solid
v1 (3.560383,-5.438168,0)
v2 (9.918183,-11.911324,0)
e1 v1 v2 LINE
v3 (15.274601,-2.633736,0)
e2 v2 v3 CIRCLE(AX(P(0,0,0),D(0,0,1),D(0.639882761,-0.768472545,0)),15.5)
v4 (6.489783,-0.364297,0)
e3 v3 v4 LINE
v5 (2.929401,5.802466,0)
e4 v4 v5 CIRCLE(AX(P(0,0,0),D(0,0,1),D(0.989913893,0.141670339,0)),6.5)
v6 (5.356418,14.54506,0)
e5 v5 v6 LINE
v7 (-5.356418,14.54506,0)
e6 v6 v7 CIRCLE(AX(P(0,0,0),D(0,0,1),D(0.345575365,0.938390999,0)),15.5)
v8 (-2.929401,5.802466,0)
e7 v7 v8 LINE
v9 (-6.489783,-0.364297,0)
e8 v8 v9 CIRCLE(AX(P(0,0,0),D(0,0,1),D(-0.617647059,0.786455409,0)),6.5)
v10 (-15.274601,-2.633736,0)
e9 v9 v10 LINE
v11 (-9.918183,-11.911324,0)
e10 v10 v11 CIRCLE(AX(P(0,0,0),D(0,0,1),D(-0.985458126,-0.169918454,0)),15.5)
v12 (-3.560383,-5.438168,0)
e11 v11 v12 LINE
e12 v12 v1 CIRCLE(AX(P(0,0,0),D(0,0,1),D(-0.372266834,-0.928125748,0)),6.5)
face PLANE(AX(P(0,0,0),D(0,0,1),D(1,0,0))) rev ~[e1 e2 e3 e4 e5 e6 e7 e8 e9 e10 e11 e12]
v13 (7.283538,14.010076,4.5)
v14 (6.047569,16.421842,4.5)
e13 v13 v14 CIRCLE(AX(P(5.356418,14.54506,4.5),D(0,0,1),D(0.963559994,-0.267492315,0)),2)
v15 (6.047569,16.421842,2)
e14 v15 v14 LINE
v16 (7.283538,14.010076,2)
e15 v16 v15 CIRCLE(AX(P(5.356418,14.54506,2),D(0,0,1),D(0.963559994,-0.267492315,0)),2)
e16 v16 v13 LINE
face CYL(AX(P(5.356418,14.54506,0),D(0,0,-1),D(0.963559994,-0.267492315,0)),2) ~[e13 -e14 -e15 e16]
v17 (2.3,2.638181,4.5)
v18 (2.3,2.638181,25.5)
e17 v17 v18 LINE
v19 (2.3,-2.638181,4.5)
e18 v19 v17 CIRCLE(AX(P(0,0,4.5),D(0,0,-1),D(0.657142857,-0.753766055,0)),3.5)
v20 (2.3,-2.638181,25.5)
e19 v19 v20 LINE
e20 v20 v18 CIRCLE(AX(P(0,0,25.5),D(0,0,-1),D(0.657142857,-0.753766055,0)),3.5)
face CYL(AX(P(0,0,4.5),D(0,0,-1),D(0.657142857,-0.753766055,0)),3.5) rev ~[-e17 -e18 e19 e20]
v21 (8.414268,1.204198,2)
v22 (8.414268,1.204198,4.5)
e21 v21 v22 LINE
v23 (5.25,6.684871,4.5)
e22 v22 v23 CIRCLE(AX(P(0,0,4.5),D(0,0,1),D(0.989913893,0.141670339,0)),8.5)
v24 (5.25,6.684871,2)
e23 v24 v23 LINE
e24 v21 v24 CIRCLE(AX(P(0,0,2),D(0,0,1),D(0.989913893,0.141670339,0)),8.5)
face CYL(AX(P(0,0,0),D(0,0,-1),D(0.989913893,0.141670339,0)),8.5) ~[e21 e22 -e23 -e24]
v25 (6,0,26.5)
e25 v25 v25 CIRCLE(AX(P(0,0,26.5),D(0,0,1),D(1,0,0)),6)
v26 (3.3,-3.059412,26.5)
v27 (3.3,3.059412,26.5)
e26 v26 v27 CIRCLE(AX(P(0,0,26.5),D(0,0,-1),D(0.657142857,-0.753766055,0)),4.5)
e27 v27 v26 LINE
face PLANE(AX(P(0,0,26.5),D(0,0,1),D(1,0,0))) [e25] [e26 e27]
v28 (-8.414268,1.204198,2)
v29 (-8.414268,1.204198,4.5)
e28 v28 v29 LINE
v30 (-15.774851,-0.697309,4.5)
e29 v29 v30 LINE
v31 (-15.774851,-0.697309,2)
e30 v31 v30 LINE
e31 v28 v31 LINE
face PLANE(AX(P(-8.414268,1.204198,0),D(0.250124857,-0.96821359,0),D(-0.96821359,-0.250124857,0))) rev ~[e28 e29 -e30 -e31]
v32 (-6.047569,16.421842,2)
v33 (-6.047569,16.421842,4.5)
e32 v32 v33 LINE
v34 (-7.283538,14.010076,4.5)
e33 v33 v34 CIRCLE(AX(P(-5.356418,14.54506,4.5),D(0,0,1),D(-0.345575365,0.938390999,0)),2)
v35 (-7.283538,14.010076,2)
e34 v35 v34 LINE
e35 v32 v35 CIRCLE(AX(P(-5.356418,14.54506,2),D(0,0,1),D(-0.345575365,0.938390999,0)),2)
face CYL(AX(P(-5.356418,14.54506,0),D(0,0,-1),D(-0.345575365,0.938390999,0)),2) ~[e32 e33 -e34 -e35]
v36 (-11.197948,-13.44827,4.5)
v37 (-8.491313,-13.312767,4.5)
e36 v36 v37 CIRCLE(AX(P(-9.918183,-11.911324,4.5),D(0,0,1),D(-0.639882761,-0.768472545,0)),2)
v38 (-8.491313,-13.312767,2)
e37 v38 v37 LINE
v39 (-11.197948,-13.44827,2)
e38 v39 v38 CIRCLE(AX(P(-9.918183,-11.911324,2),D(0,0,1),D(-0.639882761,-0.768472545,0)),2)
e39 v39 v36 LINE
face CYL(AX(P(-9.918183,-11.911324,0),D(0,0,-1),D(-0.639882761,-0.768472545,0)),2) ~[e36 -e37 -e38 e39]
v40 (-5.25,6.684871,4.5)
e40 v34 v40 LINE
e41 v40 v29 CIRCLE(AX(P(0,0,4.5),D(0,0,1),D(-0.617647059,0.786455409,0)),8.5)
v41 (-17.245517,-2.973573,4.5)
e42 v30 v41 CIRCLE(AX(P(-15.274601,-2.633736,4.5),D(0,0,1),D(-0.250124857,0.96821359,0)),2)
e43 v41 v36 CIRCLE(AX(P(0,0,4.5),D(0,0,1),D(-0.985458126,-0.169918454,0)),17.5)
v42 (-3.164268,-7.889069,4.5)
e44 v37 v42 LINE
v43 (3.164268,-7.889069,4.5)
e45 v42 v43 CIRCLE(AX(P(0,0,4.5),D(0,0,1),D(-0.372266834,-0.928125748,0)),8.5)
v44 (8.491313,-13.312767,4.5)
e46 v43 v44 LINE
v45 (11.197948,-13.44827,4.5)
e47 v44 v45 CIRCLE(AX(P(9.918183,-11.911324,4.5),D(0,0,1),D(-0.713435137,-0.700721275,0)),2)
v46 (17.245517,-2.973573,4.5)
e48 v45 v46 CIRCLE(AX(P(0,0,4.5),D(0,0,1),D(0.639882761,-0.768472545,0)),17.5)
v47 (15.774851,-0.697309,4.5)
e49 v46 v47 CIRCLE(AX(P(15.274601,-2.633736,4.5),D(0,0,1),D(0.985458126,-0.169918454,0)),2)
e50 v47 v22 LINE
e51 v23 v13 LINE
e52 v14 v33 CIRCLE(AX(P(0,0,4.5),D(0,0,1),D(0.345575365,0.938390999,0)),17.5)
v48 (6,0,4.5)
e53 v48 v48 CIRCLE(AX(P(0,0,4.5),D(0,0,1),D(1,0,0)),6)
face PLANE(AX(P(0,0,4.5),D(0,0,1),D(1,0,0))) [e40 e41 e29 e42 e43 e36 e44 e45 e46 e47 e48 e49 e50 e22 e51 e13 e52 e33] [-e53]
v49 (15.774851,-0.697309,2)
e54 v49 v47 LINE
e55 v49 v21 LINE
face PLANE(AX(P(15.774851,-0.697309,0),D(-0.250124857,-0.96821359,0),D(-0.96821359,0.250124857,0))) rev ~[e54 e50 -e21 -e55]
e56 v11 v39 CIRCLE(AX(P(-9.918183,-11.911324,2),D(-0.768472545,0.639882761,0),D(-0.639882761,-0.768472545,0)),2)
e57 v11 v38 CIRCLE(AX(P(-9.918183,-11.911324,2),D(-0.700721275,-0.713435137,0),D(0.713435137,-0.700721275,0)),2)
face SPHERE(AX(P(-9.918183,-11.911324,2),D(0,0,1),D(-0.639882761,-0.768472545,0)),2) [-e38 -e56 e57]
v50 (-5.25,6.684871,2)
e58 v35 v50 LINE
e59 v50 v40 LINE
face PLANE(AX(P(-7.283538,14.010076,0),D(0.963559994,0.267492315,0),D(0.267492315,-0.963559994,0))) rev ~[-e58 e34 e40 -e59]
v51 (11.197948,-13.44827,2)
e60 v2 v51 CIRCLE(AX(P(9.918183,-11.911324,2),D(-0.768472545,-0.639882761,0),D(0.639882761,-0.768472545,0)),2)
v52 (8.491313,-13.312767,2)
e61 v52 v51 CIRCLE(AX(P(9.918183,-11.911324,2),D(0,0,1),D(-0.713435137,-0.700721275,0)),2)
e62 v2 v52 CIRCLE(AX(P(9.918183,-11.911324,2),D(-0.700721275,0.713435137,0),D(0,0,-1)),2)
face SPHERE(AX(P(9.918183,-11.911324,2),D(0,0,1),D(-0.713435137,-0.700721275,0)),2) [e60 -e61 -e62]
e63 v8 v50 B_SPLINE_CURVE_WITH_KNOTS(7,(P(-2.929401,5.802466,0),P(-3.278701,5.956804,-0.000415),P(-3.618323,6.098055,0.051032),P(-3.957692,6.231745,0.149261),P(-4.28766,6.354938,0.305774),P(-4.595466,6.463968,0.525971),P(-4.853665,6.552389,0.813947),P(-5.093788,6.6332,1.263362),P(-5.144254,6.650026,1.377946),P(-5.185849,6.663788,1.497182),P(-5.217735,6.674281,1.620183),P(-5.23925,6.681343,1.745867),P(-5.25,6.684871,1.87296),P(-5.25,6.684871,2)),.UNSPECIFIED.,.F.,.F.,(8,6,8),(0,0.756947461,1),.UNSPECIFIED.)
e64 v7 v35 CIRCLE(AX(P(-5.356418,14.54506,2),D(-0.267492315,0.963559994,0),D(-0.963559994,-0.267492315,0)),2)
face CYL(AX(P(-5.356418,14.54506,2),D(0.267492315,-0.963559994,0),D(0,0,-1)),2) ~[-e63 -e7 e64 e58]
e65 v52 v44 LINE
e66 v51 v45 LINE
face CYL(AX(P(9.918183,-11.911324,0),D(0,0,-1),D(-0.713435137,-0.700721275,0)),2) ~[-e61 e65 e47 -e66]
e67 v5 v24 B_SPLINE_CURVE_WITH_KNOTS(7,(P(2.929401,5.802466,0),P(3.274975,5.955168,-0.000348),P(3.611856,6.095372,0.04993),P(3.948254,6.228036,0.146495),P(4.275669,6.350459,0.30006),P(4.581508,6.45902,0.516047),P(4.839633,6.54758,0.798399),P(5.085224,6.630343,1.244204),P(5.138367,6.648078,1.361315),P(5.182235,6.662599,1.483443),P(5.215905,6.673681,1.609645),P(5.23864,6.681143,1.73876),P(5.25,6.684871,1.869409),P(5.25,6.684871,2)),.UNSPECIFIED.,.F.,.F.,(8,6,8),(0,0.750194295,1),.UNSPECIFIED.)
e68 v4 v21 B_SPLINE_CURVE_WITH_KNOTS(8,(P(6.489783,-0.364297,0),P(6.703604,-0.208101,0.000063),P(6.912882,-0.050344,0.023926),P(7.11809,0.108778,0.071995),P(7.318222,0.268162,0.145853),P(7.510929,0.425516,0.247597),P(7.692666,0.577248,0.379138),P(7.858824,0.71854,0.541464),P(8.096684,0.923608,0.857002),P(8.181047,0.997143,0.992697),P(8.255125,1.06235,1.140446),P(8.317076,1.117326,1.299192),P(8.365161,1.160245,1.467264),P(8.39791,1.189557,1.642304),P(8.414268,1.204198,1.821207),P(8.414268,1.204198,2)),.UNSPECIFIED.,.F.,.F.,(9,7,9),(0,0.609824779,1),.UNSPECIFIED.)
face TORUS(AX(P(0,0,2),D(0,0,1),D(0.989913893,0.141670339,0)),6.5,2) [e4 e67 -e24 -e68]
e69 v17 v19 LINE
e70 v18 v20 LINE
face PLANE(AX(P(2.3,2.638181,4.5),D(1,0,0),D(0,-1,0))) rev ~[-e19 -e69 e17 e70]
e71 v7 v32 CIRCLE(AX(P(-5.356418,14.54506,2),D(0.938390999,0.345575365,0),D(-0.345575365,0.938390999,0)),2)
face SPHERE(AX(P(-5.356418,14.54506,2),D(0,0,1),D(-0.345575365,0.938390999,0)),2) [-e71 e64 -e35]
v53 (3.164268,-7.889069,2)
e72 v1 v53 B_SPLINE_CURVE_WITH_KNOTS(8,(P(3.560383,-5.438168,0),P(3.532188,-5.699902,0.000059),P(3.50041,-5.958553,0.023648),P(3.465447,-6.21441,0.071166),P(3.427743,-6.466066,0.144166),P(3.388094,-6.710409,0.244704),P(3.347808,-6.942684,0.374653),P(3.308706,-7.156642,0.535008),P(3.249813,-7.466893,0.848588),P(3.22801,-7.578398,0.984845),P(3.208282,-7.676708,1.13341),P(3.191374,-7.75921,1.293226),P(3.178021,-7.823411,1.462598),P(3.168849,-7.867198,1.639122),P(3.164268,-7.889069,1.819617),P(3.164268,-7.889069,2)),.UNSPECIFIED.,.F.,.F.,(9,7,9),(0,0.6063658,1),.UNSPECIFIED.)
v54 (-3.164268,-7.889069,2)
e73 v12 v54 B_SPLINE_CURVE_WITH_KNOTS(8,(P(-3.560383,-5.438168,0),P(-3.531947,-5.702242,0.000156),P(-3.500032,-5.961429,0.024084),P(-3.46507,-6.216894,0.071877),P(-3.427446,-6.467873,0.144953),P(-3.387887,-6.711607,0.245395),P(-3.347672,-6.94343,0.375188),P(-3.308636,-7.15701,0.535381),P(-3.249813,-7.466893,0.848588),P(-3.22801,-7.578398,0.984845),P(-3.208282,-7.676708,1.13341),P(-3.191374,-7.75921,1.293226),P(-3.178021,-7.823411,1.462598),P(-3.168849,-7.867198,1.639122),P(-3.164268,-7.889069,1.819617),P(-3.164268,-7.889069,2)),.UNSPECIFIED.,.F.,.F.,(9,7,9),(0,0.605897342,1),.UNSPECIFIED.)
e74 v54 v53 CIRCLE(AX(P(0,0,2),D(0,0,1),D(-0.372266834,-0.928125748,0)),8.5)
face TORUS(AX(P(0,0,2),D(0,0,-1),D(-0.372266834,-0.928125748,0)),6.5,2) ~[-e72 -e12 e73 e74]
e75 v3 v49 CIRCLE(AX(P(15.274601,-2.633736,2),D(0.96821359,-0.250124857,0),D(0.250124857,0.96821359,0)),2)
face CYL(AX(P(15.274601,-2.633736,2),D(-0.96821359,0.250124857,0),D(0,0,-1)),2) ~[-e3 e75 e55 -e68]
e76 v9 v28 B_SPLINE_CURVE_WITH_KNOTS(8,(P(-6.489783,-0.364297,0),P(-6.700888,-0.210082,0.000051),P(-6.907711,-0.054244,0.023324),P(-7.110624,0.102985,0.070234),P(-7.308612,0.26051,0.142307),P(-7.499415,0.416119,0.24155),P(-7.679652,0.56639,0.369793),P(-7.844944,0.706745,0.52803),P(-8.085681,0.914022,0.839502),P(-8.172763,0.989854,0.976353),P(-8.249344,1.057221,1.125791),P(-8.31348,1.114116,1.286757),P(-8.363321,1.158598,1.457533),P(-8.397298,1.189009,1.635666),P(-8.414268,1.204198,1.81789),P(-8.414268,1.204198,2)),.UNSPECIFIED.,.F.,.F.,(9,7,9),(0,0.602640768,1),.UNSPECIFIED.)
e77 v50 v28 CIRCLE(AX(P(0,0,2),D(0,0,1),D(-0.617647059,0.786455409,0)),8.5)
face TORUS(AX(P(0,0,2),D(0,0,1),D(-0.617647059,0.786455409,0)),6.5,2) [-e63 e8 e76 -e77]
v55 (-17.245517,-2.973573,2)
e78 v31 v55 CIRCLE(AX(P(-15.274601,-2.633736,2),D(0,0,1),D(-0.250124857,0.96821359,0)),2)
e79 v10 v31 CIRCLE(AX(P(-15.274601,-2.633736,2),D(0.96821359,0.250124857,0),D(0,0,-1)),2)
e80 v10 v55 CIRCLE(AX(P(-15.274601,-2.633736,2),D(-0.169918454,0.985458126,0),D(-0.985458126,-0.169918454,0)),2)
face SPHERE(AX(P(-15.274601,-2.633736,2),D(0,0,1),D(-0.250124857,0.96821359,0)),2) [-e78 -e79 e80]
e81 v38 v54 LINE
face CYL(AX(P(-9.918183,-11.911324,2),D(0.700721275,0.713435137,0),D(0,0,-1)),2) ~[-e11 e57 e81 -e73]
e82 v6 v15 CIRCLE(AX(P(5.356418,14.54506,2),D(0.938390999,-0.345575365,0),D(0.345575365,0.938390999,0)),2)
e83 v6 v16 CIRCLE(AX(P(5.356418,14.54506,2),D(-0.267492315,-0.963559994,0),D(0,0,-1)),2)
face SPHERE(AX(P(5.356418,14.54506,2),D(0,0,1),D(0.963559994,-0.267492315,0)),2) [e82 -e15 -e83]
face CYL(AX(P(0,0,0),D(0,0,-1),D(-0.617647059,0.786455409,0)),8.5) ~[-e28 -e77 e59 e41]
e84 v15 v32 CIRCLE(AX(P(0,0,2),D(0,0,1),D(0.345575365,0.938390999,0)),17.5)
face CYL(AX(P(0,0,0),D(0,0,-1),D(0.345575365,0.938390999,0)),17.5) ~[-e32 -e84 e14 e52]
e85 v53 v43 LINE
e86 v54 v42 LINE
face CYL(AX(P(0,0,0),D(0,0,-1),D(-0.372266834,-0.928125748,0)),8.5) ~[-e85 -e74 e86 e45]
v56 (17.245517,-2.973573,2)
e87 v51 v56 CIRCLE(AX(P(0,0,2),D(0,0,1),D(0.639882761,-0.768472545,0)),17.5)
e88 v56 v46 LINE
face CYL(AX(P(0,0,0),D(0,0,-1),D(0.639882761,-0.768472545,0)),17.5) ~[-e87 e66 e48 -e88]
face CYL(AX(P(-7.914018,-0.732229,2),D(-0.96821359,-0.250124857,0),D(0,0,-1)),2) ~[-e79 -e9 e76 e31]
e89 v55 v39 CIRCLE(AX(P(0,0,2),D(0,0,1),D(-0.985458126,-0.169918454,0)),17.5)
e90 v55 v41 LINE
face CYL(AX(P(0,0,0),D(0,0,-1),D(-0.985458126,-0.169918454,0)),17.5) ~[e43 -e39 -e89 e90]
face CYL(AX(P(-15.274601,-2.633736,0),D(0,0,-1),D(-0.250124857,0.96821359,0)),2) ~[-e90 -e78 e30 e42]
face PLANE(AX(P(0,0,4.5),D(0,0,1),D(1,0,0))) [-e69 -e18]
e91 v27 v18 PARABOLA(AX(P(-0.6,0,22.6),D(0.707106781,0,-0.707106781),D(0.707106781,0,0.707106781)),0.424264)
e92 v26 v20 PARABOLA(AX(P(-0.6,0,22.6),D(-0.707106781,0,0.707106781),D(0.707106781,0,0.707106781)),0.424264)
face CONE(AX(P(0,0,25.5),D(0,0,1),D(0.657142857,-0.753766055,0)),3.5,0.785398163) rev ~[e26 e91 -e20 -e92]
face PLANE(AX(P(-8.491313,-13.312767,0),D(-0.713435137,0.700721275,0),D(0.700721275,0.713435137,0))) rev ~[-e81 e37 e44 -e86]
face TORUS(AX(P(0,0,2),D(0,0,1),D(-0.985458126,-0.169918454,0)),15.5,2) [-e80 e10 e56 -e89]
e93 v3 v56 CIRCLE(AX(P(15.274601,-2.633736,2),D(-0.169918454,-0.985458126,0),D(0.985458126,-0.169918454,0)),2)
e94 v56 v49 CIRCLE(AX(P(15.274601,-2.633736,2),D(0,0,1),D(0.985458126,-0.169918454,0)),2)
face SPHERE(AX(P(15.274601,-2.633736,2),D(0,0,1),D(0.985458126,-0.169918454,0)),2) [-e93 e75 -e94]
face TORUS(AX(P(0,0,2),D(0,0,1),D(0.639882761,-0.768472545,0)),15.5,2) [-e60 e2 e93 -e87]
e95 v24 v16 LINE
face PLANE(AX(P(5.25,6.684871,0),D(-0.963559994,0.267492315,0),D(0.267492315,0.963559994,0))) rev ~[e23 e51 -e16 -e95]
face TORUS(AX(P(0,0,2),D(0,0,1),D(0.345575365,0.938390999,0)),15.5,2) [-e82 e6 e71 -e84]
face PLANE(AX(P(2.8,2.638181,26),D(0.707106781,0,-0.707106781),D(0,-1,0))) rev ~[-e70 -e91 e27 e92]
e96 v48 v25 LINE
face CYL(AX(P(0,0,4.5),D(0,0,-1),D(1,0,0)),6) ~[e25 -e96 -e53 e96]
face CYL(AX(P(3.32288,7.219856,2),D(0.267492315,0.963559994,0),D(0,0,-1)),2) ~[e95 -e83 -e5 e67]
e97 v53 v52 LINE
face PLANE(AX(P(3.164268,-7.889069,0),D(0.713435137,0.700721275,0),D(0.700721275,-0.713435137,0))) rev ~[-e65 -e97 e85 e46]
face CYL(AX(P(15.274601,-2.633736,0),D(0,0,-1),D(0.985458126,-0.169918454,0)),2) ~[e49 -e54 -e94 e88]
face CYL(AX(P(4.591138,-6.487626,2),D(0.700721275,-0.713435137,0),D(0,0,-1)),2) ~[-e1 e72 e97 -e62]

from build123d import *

# Parameters (mm, degrees)
F1_DEPTH = 4.5
F2_R     = 6
F3_DEPTH = 22
F4_R     = 2
F5_SIZE  = 1


with BuildPart() as f1:
    # F0 (on Top) → F1 (new body)
    with BuildSketch(Plane.XY):
        with BuildLine():
            Line((-8.4913125212, -13.3127669957), (-3.1642680885, -7.8890688591))
            ThreePointArc((-3.1642680885, -7.8890688591), (0, -8.5), (3.1642680885, -7.8890688591))
            Line((3.1642680885, -7.8890688591), (8.4913125212, -13.3127669957))
            ThreePointArc((8.4913125212, -13.3127669957), (9.8181818622, -13.9088228343), (11.1979483169, -13.4482695352))
            ThreePointArc((11.1979483169, -13.4482695352), (15.1554445662, -8.75), (17.2455172129, -2.9735729451))
            ThreePointArc((17.2455172129, -2.9735729451), (16.9544848424, -1.5483834945), (15.7748506735, -0.6973088569))
            Line((15.7748506735, -0.6973088569), (8.4142680885, 1.2041978806))
            ThreePointArc((8.4142680885, 1.2041978806), (7.3612159322, 4.25), (5.25, 6.6848709786))
            Line((5.25, 6.6848709786), (7.2835381524, 14.0100758527))
            ThreePointArc((7.2835381524, 14.0100758527), (7.1363029802, 15.4572063288), (6.047568896, 16.4218424803))
            ThreePointArc((6.047568896, 16.4218424803), (0, 17.5), (-6.047568896, 16.4218424803))
            ThreePointArc((-6.047568896, 16.4218424803), (-7.1363029802, 15.4572063288), (-7.2835381524, 14.0100758527))
            Line((-7.2835381524, 14.0100758527), (-5.25, 6.6848709786))
            ThreePointArc((-5.25, 6.6848709786), (-7.3612159322, 4.25), (-8.4142680885, 1.2041978806))
            Line((-8.4142680885, 1.2041978806), (-15.7748506735, -0.6973088569))
            ThreePointArc((-15.7748506735, -0.6973088569), (-16.9544848424, -1.5483834945), (-17.2455172129, -2.9735729451))
            ThreePointArc((-17.2455172129, -2.9735729451), (-15.1554445662, -8.75), (-11.1979483169, -13.4482695352))
            ThreePointArc((-11.1979483169, -13.4482695352), (-9.8181818622, -13.9088228343), (-8.4913125212, -13.3127669957))
        make_face()
    extrude(amount=F1_DEPTH)

    # F2 (on face) → F3 (join)
    with BuildSketch(Plane.XY.offset(4.5)):
        Circle(F2_R)
        with BuildLine():
            ThreePointArc((2.3, -2.6381811917), (-3.5, 0), (2.3, 2.6381811917))
            Line((2.3, 2.6381811917), (2.3, -2.6381811917))
        make_face(mode=Mode.SUBTRACT)
    extrude(amount=F3_DEPTH)

    # F4
    f4_edges = [f1.edges().sort_by_distance(p)[0] for p in [
        (-6.266769, 10.347473, 0),
        (-12.094559, 0.253445, 0),
        (15.155445, -8.75, 0),
        (7.361216, 4.25, 0),
        (0, -8.5, 0),
        (-7.361216, 4.25, 0),
    ]]
    fillet(f4_edges, radius=F4_R)

    # F5
    f5_edges = [f1.edges().sort_by_distance(p)[0] for p in [
        (-3.5, 0, 26.5),
        (2.3, 0, 26.5),
    ]]
    chamfer(f5_edges, length=F5_SIZE)


solid = f1.part
